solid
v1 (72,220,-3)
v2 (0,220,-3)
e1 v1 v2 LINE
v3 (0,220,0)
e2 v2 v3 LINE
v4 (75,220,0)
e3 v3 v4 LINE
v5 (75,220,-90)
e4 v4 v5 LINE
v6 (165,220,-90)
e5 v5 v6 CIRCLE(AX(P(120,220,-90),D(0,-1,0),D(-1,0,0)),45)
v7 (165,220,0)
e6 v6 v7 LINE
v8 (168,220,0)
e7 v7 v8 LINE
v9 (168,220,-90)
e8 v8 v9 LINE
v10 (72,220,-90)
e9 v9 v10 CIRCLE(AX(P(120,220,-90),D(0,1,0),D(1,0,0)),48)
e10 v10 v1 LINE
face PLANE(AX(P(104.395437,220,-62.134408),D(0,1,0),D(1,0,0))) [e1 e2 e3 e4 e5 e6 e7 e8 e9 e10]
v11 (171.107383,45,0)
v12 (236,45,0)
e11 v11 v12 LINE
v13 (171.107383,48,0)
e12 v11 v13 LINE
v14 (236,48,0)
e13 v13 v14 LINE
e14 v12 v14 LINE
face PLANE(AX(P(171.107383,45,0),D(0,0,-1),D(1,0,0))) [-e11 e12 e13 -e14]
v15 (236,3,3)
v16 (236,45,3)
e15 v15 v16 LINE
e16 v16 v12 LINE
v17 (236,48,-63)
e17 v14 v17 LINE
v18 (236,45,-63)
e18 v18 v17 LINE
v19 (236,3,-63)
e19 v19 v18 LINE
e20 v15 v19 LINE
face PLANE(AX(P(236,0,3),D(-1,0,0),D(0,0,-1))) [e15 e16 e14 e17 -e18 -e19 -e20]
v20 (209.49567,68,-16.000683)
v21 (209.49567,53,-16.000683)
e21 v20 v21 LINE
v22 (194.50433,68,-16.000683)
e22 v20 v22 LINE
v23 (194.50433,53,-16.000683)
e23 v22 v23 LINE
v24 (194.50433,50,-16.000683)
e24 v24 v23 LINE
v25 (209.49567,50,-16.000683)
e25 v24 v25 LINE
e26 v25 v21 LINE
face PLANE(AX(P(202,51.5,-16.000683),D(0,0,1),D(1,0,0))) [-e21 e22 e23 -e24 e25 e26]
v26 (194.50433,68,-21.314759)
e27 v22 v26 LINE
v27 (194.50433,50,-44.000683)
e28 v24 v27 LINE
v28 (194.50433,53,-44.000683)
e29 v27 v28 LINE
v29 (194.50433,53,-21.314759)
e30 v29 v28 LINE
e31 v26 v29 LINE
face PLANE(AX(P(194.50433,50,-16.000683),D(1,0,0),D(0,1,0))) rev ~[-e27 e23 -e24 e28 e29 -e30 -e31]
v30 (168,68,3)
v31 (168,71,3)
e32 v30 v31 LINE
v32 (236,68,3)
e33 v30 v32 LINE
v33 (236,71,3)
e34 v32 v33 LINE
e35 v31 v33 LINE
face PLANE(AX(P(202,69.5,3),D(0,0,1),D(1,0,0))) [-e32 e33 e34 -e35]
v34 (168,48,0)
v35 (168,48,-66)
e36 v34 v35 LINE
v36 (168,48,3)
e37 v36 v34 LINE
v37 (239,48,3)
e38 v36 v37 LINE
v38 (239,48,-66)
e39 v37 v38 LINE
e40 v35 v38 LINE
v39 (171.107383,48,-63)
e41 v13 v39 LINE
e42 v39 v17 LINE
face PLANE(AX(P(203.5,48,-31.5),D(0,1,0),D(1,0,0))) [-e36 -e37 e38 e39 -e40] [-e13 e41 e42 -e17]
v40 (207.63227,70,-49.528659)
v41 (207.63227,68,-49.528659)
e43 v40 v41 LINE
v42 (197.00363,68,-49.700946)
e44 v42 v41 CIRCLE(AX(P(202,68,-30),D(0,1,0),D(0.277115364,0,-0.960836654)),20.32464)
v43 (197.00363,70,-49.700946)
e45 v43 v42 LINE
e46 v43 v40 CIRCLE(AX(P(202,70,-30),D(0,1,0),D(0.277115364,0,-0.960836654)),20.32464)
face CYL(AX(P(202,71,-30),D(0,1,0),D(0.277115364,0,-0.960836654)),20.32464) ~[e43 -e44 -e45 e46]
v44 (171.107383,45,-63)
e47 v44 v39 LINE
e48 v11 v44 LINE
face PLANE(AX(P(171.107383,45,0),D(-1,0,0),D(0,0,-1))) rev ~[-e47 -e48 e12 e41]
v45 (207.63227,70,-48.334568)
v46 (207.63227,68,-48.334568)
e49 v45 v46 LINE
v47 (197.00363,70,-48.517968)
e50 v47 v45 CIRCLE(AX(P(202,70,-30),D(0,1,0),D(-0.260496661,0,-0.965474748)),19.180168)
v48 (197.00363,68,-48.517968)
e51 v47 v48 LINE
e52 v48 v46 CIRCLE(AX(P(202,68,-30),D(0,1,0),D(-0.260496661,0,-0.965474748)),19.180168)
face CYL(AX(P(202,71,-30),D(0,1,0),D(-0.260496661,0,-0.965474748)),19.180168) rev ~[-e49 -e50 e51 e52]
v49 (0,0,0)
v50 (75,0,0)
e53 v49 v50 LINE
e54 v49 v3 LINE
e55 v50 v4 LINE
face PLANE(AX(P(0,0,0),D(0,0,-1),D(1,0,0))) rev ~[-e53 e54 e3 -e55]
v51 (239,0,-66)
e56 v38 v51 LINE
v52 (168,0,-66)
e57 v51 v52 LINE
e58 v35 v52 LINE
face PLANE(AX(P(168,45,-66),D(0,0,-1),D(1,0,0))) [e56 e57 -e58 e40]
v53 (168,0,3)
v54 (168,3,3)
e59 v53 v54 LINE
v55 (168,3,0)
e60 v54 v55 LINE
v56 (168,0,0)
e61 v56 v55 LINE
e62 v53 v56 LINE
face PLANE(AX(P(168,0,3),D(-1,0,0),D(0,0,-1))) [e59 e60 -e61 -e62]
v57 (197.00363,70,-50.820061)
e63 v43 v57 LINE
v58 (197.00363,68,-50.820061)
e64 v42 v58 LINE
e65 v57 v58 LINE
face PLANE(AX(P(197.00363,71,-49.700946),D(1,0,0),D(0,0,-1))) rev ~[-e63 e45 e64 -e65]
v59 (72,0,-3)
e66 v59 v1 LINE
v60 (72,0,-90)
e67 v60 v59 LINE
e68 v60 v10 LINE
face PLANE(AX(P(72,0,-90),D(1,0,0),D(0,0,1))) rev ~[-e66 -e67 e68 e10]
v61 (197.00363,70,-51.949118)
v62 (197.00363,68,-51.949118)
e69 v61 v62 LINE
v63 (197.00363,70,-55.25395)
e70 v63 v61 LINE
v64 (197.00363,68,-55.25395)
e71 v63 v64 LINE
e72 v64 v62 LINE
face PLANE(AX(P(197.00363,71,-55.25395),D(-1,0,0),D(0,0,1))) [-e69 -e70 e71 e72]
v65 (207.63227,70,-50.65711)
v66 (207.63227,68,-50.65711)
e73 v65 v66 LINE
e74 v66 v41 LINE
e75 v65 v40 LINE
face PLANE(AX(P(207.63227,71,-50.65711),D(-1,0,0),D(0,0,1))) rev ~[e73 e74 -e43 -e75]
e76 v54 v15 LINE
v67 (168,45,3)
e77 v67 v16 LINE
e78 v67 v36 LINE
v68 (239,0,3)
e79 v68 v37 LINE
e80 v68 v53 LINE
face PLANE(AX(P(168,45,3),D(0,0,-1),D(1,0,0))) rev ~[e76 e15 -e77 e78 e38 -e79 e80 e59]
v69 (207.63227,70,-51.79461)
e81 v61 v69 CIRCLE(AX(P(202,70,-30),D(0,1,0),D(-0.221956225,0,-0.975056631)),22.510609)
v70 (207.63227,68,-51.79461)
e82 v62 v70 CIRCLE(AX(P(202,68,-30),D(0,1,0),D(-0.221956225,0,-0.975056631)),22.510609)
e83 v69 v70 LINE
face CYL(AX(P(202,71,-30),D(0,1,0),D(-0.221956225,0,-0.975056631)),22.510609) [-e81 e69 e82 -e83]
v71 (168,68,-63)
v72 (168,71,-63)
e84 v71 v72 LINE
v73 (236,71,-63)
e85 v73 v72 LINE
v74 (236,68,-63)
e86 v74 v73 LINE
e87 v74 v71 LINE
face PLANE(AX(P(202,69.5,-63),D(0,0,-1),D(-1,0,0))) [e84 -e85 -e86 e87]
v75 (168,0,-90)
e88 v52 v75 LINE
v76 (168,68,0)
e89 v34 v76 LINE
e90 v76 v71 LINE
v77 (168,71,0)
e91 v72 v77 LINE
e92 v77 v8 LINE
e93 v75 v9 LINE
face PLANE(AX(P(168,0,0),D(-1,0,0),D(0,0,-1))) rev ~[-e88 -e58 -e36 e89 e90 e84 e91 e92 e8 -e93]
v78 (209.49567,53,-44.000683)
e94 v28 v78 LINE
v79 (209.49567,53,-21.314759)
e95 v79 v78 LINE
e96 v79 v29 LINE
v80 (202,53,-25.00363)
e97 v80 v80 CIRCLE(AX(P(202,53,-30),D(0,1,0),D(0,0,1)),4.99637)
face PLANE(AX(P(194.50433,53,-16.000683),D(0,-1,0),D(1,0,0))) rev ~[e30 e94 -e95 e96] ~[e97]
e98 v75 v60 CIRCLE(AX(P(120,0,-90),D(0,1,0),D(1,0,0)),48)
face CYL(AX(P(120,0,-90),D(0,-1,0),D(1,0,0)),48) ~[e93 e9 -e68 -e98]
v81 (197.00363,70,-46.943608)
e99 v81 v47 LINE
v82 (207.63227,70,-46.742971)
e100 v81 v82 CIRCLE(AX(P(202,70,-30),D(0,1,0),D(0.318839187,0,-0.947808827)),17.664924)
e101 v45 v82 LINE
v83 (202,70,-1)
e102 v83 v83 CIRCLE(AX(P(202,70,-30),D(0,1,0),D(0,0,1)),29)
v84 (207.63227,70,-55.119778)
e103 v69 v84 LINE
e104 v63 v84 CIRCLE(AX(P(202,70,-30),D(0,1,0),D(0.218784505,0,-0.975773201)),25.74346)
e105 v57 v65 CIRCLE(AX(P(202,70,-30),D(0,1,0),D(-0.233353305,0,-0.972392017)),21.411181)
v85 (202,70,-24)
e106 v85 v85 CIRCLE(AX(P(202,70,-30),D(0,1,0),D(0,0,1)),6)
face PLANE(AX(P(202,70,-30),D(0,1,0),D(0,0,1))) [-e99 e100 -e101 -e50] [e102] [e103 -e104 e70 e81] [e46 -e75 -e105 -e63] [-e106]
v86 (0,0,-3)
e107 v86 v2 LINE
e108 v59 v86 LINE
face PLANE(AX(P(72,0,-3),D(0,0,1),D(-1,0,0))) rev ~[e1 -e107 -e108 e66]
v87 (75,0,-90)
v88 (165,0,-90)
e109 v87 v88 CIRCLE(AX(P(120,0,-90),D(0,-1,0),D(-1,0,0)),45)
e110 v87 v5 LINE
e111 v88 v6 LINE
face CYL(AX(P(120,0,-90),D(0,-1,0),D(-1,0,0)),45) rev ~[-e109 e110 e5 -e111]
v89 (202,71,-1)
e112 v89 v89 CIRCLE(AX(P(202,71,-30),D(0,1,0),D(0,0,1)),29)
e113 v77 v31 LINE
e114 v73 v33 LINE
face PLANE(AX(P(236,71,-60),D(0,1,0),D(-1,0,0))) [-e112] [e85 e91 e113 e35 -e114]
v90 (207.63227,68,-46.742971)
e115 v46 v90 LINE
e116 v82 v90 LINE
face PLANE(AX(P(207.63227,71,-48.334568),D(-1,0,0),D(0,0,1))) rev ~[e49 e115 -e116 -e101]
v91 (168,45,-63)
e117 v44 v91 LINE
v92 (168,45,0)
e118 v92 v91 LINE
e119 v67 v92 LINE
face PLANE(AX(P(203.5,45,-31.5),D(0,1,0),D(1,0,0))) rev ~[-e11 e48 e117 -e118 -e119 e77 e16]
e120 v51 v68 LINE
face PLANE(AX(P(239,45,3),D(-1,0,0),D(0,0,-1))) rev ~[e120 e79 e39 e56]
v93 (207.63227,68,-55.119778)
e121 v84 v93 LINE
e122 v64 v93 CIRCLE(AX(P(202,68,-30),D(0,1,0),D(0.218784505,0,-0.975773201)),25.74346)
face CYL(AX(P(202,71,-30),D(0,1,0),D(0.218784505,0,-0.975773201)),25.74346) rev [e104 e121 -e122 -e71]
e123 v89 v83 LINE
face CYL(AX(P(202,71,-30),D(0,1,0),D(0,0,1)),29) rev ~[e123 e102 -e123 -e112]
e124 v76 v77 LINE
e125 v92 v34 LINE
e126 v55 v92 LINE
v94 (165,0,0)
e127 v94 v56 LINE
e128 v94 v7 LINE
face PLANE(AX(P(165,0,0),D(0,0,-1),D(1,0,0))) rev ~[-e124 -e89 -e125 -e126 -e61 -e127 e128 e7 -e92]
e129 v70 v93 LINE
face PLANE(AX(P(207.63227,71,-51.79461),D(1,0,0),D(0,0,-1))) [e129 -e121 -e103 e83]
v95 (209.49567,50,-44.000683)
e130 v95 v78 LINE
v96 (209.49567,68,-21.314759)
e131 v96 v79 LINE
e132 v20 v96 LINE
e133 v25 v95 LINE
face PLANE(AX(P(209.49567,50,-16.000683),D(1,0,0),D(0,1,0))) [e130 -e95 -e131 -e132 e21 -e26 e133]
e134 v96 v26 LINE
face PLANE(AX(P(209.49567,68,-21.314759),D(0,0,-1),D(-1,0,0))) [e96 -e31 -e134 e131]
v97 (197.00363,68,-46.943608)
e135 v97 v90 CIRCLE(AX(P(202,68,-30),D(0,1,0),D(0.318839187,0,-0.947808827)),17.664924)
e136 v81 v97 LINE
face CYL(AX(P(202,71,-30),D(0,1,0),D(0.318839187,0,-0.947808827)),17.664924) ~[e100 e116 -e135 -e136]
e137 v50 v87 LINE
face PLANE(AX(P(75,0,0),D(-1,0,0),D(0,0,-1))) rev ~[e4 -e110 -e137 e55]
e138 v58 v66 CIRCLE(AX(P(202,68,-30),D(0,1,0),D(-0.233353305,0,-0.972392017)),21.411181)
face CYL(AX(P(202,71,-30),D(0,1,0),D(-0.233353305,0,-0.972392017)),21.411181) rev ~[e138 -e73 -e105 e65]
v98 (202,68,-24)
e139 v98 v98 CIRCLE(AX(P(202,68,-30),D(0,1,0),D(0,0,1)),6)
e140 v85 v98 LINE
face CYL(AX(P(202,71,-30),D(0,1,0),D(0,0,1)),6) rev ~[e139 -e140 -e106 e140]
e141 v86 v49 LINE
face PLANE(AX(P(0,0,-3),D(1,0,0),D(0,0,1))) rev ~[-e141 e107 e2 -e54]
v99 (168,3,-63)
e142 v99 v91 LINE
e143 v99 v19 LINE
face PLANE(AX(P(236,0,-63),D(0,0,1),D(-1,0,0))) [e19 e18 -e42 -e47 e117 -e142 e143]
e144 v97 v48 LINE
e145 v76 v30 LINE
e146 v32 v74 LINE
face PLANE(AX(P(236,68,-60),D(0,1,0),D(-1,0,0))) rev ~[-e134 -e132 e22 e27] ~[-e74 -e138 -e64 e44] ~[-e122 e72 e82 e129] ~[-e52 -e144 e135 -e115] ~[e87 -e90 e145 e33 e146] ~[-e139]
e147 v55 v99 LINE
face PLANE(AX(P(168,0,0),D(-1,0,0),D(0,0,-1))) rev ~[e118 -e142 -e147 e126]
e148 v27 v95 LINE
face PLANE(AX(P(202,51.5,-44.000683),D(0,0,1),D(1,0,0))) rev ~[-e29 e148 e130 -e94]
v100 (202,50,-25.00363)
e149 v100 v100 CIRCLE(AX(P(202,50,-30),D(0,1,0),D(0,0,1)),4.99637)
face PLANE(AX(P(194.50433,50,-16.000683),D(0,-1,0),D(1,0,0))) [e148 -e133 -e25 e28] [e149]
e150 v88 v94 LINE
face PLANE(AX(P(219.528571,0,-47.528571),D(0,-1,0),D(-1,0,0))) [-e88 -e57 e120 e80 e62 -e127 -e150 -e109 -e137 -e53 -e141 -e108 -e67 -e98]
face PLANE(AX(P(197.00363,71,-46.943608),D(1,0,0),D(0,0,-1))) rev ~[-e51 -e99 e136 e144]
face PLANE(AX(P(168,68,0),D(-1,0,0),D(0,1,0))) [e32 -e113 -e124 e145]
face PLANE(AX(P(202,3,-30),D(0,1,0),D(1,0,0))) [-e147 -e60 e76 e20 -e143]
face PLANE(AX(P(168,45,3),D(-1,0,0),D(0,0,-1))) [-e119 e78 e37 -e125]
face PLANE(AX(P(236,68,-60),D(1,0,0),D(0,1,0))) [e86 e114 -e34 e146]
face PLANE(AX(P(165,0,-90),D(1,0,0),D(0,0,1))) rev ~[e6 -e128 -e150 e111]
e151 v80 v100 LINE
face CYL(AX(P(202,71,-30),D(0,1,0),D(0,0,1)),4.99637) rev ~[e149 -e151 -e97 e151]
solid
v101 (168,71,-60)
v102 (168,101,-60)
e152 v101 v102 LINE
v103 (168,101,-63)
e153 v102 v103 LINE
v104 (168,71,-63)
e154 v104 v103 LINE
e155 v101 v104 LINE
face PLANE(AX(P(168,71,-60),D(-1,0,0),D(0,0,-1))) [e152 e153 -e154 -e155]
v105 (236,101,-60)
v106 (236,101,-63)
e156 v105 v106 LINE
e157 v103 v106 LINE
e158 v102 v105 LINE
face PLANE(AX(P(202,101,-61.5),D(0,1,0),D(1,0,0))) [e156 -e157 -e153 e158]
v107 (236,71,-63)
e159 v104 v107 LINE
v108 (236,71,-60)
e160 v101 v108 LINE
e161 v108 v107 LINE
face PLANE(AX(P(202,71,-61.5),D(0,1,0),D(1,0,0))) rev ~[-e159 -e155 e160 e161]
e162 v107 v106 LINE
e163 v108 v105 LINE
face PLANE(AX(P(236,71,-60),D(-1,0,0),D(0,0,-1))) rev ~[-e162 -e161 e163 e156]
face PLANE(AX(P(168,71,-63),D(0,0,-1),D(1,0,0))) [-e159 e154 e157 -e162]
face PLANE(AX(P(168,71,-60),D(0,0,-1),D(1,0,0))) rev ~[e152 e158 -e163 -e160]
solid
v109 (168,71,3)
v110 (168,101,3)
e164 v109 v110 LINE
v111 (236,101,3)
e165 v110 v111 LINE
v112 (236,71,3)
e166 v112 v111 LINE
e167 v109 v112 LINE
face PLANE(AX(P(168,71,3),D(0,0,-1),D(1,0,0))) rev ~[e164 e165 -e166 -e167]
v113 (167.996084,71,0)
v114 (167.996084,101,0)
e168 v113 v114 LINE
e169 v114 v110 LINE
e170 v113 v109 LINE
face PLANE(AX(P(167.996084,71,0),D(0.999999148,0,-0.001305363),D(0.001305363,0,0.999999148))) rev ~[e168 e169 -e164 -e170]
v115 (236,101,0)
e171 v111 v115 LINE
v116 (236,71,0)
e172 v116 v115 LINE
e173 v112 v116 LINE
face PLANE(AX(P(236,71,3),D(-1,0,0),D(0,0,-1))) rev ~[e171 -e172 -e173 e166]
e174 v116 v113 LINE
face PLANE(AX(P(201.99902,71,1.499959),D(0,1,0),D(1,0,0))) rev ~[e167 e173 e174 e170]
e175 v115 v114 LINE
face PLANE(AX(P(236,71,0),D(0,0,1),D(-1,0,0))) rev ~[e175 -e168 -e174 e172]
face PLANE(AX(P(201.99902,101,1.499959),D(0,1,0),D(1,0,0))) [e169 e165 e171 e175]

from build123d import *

# Parameters (mm, degrees)
EXTRUDE_1_DEPTH     = 220
SKETCH_2_W          = 68
SKETCH_2_H          = 3
EXTRUDE_2_DEPTH     = 60
SKETCH_3_R          = 6
CUT_EXTRUDE_2_DEPTH = 10
SKETCH_4_W          = 14.991340548
SKETCH_4_H          = 5.314075951
EXTRUDE_2_2_DEPTH   = 15
SKETCH_7_W          = 14.991340548
SKETCH_7_H          = 3
EXTRUDE_3_DEPTH     = 28
SKETCH_9_R          = 29
CUT_EXTRUDE_3_DEPTH = 1
SKETCH_12_W         = 68
SKETCH_12_H         = 3
EXTRUDE_5_DEPTH     = 3
EXTRUDE_8_DEPTH     = 30
SKETCH_15_W         = 68
SKETCH_15_H         = 3
EXTRUDE_9_DEPTH     = 3
SKETCH_16_W         = 68
SKETCH_16_H         = 3
EXTRUDE_10_DEPTH    = 30
SKETCH_17_R         = 4.99636976
CUT_EXTRUDE_6_DEPTH = 30
SKETCH_24_W         = 68
SKETCH_24_H         = 66
EXTRUDE_14_DEPTH    = 3
EXTRUDE_15_DEPTH    = 45
SKETCH_28_W         = 71
SKETCH_28_H         = 69
SKETCH_28_W_2       = 64.892616755
SKETCH_28_H_2       = 63
EXTRUDE_16_DEPTH    = 3


with BuildPart() as part:
    # 草图1 → 拉伸-薄壁1 (new body)
    with BuildSketch(Plane(origin=(0, 0, 0), x_dir=(1, 0, 0), z_dir=(0, 1, 0))):
        with BuildLine():
            Line((0, 0), (75, 0))
            Line((75, 0), (75, 90))
            ThreePointArc((75, 90), (120, 135), (165, 90))
            Line((165, 90), (165, 0))
            Line((165, 0), (168, 0))
            Line((168, 0), (168, 90))
            ThreePointArc((168, 90), (120, 138), (72, 90))
            Line((72, 90), (72, 3))
            Line((72, 3), (0, 3))
            Line((0, 3), (0, 0))
        make_face()
    extrude(amount=EXTRUDE_1_DEPTH)

    # 草图2 → Extrude 2 (add)
    with BuildSketch(Plane.XY):
        with Locations((202, 69.5)):
            Rectangle(SKETCH_2_W, SKETCH_2_H)
    extrude(amount=-EXTRUDE_2_DEPTH)

    # 草图3 → 切除-拉伸2 (cut)
    with BuildSketch(Plane(origin=(0, 71, 0), x_dir=(1, 0, 0), z_dir=(0, 1, 0))):
        with Locations(Location((202, 30, 0), (0, 0, 270))):
            Circle(SKETCH_3_R)
    extrude(amount=-CUT_EXTRUDE_2_DEPTH, mode=Mode.SUBTRACT)

    # 草图4 → Extrude 2 2 (add)
    with BuildSketch(Plane(origin=(0, 68, 0), x_dir=(-1, 0, 0), z_dir=(0, -1, 0))):
        with Locations((-202, 18.657720536)):
            Rectangle(SKETCH_4_W, SKETCH_4_H)
    extrude(amount=EXTRUDE_2_2_DEPTH)

    # 草图7 → 凸台-拉伸3 (add)
    with BuildSketch(Plane.XY.offset(-16.00068256)):
        with Locations((202, 51.5)):
            Rectangle(SKETCH_7_W, SKETCH_7_H)
    extrude(amount=-EXTRUDE_3_DEPTH)

    # 草图9 → 切除-拉伸3 (cut)
    with BuildSketch(Plane(origin=(0, 71, 0), x_dir=(1, 0, 0), z_dir=(0, 1, 0))):
        with Locations(Location((202, 30, 0), (0, 0, 270))):
            Circle(SKETCH_9_R)
    extrude(amount=-CUT_EXTRUDE_3_DEPTH, mode=Mode.SUBTRACT)

    # 草图12 → 凸台-拉伸5 (add)
    with BuildSketch(Plane.XY):
        with Locations((202, 69.5)):
            Rectangle(SKETCH_12_W, SKETCH_12_H)
    extrude(amount=EXTRUDE_5_DEPTH)

    # 草图15 → 凸台-拉伸9 (add)
    with BuildSketch(Plane(origin=(0, 0, -60), x_dir=(-1, 0, 0), z_dir=(0, 0, -1))):
        with Locations((-202, 69.5)):
            Rectangle(SKETCH_15_W, SKETCH_15_H)
    extrude(amount=EXTRUDE_9_DEPTH)

    # 草图17 → 切除-拉伸6 (cut)
    with BuildSketch(Plane(origin=(0, 71, 0), x_dir=(1, 0, 0), z_dir=(0, 1, 0))):
        with Locations(Location((202, 30, 0), (0, 0, 270))):
            Circle(SKETCH_17_R)
        with BuildLine():
            Line((197.00363024, 55.253950311), (197.00363024, 51.949118376))
            ThreePointArc((197.00363024, 51.949118376), (201.672799014, 7.491769332), (207.632270084, 51.794610388))
            Line((207.632270084, 51.794610388), (207.632270084, 55.11977808))
            ThreePointArc((207.632270084, 55.11977808), (201.675049462, 4.258591254), (197.00363024, 55.253950311))
        make_face()
        with BuildLine():
            Line((197.00363024, 49.700946475), (197.00363024, 50.820061064))
            ThreePointArc((197.00363024, 50.820061064), (201.671776631, 8.591335331), (207.632270084, 50.657109846))
            Line((207.632270084, 50.657109846), (207.632270084, 49.528659362))
            ThreePointArc((207.632270084, 49.528659362), (201.670586859, 9.678029383), (197.00363024, 49.700946475))
        make_face()
        with BuildLine():
            Line((197.00363024, 46.943607575), (197.00363024, 48.517967978))
            ThreePointArc((197.00363024, 48.517967978), (201.66909035, 10.822686642), (207.632270084, 48.334567966))
            Line((207.632270084, 48.334567966), (207.632270084, 46.742971126))
            ThreePointArc((207.632270084, 46.742971126), (201.666599263, 12.338222276), (197.00363024, 46.943607575))
        make_face()
    extrude(amount=-CUT_EXTRUDE_6_DEPTH, mode=Mode.SUBTRACT)

    # 草图24 → 凸台-拉伸14 (add)
    with BuildSketch(Plane(origin=(0, 0, 0), x_dir=(1, 0, 0), z_dir=(0, 1, 0))):
        with Locations((202, 30)):
            Rectangle(SKETCH_24_W, SKETCH_24_H)
    extrude(amount=EXTRUDE_14_DEPTH)

    # 草图25 → 凸台-拉伸15 (add)
    with BuildSketch(Plane(origin=(0, 0, 0), x_dir=(1, 0, 0), z_dir=(0, 1, 0))):
        Polygon((168, 63), (168, 66), (236, 66), (239, 66), (239, -3), (236, -3), (236, 63), align=None)
    extrude(amount=EXTRUDE_15_DEPTH)

    # 草图28 → 凸台-拉伸16 (add)
    with BuildSketch(Plane(origin=(0, 45, 0), x_dir=(1, 0, 0), z_dir=(0, 1, 0))):
        with Locations((203.5, 31.5)):
            Rectangle(SKETCH_28_W, SKETCH_28_H)
        with Locations((203.553691623, 31.5)):
            Rectangle(SKETCH_28_W_2, SKETCH_28_H_2, mode=Mode.SUBTRACT)
    extrude(amount=EXTRUDE_16_DEPTH)


with BuildPart() as body_2:
    # 草图13 → 凸台-拉伸8 (new body)
    with BuildSketch(Plane(origin=(0, 71, 0), x_dir=(1, 0, 0), z_dir=(0, 1, 0))):
        Polygon((167.996083908, 0), (168, -3), (236, -3), (236, 0), align=None)
    extrude(amount=EXTRUDE_8_DEPTH)


with BuildPart() as body_3:
    # 草图16 → 凸台-拉伸10 (new body)
    with BuildSketch(Plane(origin=(0, 71, 0), x_dir=(1, 0, 0), z_dir=(0, 1, 0))):
        with Locations((202, 61.5)):
            Rectangle(SKETCH_16_W, SKETCH_16_H)
    extrude(amount=EXTRUDE_10_DEPTH)


solid = Compound([part.part, body_2.part, body_3.part])
